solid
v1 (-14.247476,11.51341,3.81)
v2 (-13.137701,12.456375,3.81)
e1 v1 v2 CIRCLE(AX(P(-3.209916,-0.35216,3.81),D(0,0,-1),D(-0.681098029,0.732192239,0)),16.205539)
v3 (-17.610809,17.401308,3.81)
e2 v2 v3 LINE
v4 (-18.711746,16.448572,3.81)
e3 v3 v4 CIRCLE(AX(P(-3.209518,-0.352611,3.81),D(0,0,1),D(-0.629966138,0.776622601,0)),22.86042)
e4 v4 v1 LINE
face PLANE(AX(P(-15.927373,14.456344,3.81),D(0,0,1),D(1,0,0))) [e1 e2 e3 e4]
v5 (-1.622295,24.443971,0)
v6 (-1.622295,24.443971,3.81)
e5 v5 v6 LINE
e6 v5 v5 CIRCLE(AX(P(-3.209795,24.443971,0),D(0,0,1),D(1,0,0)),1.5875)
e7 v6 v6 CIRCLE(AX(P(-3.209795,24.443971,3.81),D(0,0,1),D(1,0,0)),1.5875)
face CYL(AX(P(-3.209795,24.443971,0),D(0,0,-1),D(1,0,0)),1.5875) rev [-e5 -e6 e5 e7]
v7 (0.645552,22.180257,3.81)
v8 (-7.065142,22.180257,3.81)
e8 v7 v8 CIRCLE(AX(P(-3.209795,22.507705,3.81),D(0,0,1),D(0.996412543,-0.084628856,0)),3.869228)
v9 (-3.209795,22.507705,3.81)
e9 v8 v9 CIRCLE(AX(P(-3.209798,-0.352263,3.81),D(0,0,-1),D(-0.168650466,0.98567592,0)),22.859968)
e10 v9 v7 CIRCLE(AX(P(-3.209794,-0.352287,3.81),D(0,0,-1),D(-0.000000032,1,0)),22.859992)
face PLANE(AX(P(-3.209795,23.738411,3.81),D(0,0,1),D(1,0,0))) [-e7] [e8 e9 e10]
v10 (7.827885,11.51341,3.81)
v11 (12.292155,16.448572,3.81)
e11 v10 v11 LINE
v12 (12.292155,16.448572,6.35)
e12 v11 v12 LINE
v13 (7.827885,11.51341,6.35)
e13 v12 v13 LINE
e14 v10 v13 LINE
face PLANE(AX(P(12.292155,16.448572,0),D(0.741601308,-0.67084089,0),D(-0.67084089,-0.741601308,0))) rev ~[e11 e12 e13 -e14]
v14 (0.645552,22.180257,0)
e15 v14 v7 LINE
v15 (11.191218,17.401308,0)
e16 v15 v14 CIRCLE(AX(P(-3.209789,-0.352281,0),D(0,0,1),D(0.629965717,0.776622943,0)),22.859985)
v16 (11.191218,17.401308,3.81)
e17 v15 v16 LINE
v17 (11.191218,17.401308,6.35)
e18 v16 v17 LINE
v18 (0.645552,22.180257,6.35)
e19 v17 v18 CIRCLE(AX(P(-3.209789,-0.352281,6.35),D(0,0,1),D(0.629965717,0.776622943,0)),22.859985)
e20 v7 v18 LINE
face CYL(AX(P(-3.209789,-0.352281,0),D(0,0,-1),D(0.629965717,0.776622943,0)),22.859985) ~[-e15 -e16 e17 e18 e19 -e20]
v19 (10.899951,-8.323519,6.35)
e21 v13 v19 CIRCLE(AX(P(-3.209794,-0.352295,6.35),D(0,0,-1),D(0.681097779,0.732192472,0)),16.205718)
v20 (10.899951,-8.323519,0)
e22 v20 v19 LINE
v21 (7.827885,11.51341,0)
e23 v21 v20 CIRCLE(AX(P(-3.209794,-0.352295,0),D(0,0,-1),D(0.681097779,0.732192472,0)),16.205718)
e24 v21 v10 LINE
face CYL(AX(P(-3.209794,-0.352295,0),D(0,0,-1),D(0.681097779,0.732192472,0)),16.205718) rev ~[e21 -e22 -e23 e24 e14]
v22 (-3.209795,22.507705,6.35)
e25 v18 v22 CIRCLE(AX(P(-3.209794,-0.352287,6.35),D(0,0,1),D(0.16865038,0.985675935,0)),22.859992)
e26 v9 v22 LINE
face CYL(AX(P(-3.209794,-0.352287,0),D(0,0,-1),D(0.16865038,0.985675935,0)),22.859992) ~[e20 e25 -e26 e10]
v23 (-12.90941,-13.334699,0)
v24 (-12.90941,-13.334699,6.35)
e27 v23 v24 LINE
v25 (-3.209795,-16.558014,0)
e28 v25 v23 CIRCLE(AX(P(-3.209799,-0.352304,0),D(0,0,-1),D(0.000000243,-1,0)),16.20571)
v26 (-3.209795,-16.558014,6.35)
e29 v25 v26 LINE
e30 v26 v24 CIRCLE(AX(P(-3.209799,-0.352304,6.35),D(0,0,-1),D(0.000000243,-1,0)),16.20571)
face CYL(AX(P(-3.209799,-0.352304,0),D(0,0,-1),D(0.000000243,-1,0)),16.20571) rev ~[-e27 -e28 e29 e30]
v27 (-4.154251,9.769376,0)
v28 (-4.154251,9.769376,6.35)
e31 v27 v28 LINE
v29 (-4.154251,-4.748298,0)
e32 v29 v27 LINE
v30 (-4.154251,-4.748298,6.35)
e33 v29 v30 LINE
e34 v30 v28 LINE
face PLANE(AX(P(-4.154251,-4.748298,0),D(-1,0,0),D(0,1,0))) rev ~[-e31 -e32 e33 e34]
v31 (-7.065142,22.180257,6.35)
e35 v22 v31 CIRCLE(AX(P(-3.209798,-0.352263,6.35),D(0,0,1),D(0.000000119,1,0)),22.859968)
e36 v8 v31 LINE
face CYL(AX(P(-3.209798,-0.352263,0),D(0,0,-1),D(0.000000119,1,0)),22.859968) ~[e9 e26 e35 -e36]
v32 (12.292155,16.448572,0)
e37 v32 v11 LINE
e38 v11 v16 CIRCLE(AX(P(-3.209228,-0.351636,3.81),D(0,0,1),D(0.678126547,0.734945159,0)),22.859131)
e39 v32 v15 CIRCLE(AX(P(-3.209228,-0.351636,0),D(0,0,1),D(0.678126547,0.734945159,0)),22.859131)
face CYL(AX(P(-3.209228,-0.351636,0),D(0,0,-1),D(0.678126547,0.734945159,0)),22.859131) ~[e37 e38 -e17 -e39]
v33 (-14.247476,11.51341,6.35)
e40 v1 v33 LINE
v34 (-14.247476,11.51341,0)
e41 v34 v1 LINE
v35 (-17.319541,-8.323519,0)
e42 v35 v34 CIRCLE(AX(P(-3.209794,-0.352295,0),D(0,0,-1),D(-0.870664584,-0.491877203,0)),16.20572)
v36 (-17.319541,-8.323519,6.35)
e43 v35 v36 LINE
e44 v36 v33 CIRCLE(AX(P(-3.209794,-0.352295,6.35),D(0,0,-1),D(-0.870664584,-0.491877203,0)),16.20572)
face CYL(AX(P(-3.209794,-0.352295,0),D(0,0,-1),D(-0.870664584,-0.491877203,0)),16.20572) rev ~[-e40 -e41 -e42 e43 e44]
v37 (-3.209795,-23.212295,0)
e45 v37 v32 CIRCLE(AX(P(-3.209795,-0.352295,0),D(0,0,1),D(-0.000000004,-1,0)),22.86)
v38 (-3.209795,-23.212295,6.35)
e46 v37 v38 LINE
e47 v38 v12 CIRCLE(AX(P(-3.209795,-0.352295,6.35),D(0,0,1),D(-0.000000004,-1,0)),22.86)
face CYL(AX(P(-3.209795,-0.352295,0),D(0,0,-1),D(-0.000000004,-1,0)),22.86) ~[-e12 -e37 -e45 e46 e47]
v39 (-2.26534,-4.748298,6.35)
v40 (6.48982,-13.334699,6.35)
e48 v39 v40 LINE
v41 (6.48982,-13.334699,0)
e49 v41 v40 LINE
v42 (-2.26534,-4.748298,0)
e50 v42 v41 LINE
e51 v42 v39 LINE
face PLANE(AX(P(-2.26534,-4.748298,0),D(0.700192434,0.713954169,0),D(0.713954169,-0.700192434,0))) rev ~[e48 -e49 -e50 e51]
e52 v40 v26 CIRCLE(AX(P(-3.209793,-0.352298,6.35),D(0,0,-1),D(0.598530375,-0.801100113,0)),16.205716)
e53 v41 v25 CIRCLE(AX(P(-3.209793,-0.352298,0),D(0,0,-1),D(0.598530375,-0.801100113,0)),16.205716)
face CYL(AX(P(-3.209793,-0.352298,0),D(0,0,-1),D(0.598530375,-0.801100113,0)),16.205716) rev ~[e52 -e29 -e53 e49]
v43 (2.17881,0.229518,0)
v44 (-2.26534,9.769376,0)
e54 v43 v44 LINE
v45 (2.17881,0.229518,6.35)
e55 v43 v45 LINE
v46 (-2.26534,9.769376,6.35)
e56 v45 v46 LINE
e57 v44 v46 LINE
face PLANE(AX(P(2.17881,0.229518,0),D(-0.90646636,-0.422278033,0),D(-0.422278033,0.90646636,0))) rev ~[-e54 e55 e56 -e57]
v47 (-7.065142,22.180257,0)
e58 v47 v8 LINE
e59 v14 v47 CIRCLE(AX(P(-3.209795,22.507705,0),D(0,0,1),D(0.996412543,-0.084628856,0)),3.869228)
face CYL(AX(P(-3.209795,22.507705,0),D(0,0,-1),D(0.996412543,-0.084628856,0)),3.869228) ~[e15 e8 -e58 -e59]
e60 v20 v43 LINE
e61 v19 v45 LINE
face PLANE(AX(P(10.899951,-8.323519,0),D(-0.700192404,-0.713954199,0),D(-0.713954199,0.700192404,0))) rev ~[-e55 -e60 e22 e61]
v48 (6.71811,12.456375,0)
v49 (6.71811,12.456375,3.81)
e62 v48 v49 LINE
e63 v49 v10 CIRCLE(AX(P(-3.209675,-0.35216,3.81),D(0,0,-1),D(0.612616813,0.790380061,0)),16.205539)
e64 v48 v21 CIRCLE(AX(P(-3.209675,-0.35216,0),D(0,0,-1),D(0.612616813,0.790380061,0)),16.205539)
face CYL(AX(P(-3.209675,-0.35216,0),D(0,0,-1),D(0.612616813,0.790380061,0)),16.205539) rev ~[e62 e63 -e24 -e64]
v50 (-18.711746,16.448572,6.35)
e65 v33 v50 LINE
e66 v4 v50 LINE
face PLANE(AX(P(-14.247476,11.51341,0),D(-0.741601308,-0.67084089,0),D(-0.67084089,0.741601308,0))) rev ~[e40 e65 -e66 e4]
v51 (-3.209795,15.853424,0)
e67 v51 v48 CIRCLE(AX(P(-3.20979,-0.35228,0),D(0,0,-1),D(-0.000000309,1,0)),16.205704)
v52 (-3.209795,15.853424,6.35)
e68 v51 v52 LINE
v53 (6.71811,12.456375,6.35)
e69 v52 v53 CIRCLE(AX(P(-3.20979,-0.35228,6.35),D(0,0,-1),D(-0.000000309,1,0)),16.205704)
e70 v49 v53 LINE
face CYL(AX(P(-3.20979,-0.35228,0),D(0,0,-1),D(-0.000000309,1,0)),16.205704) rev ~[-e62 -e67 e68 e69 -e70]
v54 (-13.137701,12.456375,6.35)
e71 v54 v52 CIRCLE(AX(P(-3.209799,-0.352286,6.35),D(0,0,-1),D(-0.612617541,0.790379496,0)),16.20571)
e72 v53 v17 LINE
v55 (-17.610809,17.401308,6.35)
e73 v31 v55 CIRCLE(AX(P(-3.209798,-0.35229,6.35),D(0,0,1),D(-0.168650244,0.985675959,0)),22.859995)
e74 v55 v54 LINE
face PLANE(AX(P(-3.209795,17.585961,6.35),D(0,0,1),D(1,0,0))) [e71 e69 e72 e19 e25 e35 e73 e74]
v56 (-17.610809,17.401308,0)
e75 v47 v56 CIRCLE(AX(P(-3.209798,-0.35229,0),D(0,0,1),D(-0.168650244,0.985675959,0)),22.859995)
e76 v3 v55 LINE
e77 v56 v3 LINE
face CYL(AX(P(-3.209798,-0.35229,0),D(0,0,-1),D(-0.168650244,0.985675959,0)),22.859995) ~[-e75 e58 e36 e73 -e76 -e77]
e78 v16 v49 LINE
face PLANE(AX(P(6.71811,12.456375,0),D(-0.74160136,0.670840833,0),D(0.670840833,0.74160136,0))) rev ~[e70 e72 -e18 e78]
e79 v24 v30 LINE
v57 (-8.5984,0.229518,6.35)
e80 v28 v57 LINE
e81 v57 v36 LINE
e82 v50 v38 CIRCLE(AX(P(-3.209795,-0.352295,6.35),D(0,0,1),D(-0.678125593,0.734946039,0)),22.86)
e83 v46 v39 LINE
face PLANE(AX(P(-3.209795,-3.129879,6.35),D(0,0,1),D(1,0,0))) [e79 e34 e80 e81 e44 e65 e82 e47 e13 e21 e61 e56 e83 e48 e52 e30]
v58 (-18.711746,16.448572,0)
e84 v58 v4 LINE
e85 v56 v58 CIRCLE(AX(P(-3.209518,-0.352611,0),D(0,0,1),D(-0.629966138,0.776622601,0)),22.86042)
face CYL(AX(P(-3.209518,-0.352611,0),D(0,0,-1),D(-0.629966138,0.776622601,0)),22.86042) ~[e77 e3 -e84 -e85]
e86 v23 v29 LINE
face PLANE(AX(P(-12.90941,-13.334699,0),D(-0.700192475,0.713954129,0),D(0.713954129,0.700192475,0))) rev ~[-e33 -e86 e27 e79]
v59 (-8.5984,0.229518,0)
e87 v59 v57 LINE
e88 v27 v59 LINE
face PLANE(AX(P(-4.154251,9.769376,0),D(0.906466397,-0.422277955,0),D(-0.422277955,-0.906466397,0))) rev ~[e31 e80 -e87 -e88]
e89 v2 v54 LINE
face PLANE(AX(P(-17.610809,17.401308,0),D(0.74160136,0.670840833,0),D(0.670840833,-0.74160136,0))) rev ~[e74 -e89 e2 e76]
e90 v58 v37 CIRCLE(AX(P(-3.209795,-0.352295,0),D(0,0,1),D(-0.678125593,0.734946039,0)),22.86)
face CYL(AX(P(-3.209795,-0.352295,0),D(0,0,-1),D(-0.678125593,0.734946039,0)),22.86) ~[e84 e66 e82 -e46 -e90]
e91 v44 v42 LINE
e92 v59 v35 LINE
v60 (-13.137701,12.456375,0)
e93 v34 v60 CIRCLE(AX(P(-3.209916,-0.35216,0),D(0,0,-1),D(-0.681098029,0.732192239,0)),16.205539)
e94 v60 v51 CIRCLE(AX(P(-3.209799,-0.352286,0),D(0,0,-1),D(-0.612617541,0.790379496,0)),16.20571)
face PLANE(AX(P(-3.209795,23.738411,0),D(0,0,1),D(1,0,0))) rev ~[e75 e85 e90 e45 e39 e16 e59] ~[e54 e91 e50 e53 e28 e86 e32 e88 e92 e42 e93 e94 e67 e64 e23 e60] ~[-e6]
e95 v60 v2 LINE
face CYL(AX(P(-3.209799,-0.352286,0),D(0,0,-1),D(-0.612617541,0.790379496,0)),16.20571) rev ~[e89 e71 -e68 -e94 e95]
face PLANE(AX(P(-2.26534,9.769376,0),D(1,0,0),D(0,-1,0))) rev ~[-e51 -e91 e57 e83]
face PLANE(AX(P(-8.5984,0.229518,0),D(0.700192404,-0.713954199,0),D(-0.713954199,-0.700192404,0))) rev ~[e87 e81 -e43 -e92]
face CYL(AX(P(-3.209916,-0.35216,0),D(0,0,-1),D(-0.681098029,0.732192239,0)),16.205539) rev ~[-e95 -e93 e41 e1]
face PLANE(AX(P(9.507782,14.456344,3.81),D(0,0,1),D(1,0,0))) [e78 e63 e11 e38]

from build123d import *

# Parameters (mm, degrees)
F1_DEPTH = 6.35
F0_R     = 1.5875
F2_DEPTH = 3.81


with BuildPart() as f1:
    # F0 (on Top) → F1 (new body)
    with BuildSketch(Plane.XY):
        with BuildLine():
            ThreePointArc((0.645552, 22.180257), (-1.275182, 22.425696), (-3.209795, 22.507705))
            ThreePointArc((-3.209795, 22.507705), (-5.144409, 22.425696), (-7.065142, 22.180257))
            ThreePointArc((-7.065142, 22.180257), (-12.645539, 20.469481), (-17.610809, 17.401308))
            Line((-17.610809, 17.401308), (-13.137701, 12.456375))
            ThreePointArc((-13.137701, 12.456375), (-8.4563, 14.980661), (-3.209795, 15.853424))
            ThreePointArc((-3.209795, 15.853424), (2.03671, 14.980661), (6.71811, 12.456375))
            Line((6.71811, 12.456375), (11.191218, 17.401308))
            ThreePointArc((11.191218, 17.401308), (6.225949, 20.469481), (0.645552, 22.180257))
        make_face()
        with BuildLine():
            Line((-14.247476, 11.51341), (-18.711746, 16.448572))
            ThreePointArc((-18.711746, 16.448572), (-24.501195, -8.674307), (-3.209795, -23.212295))
            ThreePointArc((-3.209795, -23.212295), (18.081605, -8.674307), (12.292155, 16.448572))
            Line((12.292155, 16.448572), (7.827885, 11.51341))
            ThreePointArc((7.827885, 11.51341), (12.805017, 2.127855), (10.899951, -8.323519))
            Line((10.899951, -8.323519), (2.17881, 0.229518))
            Line((2.17881, 0.229518), (-2.26534, 9.769376))
            Line((-2.26534, 9.769376), (-2.26534, -4.748298))
            Line((-2.26534, -4.748298), (6.48982, -13.334699))
            ThreePointArc((6.48982, -13.334699), (1.900789, -15.731088), (-3.209795, -16.558014))
            ThreePointArc((-3.209795, -16.558014), (-8.32038, -15.731088), (-12.90941, -13.334699))
            Line((-12.90941, -13.334699), (-4.154251, -4.748298))
            Line((-4.154251, -4.748298), (-4.154251, 9.769376))
            Line((-4.154251, 9.769376), (-8.5984, 0.229518))
            Line((-8.5984, 0.229518), (-17.319541, -8.323519))
            ThreePointArc((-17.319541, -8.323519), (-19.224607, 2.127855), (-14.247476, 11.51341))
        make_face()
    extrude(amount=F1_DEPTH)

    # F0 (on Top) → F2 (join)
    with BuildSketch(Plane.XY):
        with BuildLine():
            ThreePointArc((-7.065142, 22.180257), (-5.144409, 22.425696), (-3.209795, 22.507705))
            ThreePointArc((-3.209795, 22.507705), (-1.275182, 22.425696), (0.645552, 22.180257))
            ThreePointArc((0.645552, 22.180257), (-3.209795, 26.376933), (-7.065142, 22.180257))
        make_face()
        with Locations((-3.209795, 24.443971)):
            Circle(F0_R, mode=Mode.SUBTRACT)
        with BuildLine():
            ThreePointArc((12.292155, 16.448572), (11.749274, 16.933707), (11.191218, 17.401308))
            Line((11.191218, 17.401308), (6.71811, 12.456375))
            ThreePointArc((6.71811, 12.456375), (7.283595, 11.997365), (7.827885, 11.51341))
            Line((7.827885, 11.51341), (12.292155, 16.448572))
        make_face()
        with BuildLine():
            Line((-13.137701, 12.456375), (-17.610809, 17.401308))
            ThreePointArc((-17.610809, 17.401308), (-18.168864, 16.933707), (-18.711746, 16.448572))
            Line((-18.711746, 16.448572), (-14.247476, 11.51341))
            ThreePointArc((-14.247476, 11.51341), (-13.703186, 11.997365), (-13.137701, 12.456375))
        make_face()
    extrude(amount=F2_DEPTH)


solid = f1.part
